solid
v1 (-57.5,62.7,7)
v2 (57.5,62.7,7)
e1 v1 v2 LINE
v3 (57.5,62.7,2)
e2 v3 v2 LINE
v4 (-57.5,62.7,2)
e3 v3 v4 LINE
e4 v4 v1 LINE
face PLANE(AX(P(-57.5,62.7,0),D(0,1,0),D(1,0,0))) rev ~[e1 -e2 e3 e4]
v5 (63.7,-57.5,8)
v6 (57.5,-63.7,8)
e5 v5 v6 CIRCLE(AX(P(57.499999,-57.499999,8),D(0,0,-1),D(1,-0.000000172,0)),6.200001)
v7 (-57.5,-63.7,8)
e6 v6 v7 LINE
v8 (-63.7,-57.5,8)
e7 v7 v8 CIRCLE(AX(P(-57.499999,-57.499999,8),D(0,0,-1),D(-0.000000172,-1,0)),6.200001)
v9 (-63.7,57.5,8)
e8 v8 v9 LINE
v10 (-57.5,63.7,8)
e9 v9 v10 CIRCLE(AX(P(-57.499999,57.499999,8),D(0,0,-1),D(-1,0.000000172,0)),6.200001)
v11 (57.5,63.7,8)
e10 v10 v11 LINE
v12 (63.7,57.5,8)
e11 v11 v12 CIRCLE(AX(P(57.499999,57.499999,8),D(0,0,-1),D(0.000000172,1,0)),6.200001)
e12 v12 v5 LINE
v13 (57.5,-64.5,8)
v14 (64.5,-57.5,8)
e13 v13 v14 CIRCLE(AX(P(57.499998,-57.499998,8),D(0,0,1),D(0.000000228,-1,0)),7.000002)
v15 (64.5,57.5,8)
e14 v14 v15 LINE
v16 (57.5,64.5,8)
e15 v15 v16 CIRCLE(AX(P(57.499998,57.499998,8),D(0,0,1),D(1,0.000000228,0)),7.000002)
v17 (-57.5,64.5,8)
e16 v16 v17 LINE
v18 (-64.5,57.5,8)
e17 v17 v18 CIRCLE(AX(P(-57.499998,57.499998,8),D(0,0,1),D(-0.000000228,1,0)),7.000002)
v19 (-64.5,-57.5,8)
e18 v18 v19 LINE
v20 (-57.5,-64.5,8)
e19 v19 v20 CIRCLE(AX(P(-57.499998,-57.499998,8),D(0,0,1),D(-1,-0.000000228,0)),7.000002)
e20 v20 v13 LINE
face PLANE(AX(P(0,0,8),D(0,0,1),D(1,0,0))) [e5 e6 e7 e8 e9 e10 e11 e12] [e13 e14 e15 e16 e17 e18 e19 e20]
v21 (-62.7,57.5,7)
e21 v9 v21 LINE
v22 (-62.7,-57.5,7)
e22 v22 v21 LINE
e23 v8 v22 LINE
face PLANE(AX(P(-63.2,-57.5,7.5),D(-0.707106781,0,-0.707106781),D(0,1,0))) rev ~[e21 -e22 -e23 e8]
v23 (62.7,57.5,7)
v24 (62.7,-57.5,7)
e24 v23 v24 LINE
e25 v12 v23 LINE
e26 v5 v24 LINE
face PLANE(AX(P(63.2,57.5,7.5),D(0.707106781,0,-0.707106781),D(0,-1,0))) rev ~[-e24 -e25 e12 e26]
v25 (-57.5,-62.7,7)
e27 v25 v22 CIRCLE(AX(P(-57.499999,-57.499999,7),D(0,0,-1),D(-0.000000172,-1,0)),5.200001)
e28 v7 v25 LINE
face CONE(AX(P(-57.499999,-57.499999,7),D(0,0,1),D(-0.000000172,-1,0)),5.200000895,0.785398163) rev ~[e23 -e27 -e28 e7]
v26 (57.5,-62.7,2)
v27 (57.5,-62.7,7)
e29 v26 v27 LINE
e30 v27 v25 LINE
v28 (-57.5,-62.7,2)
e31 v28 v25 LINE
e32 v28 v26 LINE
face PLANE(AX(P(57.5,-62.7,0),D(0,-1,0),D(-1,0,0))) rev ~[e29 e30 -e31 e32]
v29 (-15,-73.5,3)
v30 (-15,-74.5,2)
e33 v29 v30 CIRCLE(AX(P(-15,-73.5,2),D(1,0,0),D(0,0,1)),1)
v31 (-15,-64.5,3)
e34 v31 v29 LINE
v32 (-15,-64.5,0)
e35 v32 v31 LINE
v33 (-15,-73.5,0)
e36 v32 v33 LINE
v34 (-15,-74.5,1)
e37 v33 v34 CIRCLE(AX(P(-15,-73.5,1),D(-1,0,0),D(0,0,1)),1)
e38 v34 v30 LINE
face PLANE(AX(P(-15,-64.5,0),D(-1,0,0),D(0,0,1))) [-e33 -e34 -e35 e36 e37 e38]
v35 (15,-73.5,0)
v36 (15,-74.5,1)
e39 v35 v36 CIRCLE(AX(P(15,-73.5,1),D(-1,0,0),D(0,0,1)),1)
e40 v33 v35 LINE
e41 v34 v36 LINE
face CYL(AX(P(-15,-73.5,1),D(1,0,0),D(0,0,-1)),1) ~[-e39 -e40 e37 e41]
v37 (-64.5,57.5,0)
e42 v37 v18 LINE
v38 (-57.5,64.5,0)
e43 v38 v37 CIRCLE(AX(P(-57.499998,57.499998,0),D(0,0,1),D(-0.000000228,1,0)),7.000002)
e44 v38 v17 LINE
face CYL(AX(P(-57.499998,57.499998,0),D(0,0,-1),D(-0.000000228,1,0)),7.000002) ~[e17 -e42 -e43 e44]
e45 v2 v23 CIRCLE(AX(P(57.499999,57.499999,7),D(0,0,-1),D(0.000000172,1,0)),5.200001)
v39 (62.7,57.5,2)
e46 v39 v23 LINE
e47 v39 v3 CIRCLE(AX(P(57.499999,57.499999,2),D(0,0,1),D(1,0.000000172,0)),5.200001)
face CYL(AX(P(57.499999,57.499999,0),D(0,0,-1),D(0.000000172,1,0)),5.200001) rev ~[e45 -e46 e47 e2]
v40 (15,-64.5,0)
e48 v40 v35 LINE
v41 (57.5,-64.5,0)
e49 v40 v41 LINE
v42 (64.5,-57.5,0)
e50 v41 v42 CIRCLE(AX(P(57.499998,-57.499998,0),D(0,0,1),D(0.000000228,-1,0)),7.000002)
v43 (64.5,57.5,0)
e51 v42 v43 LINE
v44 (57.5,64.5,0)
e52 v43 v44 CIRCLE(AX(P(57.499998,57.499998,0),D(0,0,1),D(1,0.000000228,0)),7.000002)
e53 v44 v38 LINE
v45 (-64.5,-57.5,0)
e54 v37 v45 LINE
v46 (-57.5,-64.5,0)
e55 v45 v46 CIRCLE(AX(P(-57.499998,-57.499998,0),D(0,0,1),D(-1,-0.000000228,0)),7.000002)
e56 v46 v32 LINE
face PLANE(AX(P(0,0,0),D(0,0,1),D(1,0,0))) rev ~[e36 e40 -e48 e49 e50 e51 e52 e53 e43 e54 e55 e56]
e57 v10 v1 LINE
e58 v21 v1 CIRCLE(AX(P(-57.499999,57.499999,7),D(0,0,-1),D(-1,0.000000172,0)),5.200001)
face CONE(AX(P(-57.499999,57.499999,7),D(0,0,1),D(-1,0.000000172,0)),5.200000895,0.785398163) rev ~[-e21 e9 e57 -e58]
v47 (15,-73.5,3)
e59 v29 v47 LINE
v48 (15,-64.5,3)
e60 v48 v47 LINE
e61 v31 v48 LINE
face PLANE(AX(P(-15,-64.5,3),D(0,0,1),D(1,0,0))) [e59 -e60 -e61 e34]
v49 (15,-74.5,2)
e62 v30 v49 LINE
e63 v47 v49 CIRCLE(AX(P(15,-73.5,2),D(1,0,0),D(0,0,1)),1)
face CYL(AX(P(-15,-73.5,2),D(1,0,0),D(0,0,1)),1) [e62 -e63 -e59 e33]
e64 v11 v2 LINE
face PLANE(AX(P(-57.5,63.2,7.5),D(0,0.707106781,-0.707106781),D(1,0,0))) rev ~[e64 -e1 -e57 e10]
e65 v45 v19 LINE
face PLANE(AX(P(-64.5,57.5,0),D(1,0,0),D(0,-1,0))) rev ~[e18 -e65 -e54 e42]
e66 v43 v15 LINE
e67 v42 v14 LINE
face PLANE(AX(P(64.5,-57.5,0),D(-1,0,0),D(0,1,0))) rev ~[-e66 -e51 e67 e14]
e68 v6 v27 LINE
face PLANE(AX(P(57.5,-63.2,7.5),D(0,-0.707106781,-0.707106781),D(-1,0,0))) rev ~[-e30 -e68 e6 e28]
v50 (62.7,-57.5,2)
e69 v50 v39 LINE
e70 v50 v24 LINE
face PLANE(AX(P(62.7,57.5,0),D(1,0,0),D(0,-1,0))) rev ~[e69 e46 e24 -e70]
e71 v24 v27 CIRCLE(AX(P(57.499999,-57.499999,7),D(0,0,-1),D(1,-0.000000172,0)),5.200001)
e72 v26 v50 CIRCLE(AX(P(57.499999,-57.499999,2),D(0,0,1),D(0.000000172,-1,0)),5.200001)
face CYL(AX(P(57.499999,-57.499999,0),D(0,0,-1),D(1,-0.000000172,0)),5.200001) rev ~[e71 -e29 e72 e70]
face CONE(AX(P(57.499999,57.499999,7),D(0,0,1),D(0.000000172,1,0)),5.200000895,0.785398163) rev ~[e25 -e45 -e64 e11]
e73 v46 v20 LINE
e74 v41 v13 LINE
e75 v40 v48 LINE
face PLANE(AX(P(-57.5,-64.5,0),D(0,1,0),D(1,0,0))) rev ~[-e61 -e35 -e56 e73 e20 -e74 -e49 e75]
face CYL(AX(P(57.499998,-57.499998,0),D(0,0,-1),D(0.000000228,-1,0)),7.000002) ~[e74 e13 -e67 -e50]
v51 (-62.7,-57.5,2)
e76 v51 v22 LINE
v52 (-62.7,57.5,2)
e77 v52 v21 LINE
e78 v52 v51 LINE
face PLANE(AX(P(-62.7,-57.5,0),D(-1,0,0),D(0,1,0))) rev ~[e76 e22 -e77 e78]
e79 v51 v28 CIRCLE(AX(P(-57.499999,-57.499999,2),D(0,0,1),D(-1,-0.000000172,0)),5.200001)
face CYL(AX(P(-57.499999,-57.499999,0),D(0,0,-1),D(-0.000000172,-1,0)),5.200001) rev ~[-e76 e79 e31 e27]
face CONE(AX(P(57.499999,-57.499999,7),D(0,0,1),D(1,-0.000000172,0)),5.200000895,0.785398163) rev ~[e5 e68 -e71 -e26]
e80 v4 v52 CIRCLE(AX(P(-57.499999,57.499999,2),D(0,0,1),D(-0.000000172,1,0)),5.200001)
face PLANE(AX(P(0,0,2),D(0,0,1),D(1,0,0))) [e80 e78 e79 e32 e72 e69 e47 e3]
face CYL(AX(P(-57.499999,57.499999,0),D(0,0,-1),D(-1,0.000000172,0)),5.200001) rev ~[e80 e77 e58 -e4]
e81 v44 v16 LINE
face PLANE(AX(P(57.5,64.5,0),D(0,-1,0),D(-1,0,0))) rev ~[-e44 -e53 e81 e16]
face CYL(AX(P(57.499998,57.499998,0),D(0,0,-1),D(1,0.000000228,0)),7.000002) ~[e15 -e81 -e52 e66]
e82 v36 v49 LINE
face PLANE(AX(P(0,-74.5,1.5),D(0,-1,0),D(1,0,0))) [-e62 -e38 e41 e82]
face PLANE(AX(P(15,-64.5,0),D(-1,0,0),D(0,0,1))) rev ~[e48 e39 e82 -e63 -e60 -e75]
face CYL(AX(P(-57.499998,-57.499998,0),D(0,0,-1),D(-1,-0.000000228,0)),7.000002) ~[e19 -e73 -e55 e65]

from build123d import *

# Parameters (mm, degrees)
F1_DEPTH = 8
F2_DEPTH = 2
F3_W     = 30
F3_H     = 3
F4_DEPTH = 10
F5_R     = 1
F6_SIZE  = 1


with BuildPart() as f1:
    # F0 (on Top) → F1 (new body)
    with BuildSketch(Plane.XY):
        with BuildLine():
            Line((-57.5, -64.5), (57.5, -64.5))
            ThreePointArc((57.5, -64.5), (62.449747, -62.449747), (64.5, -57.5))
            Line((64.5, -57.5), (64.5, 57.5))
            ThreePointArc((64.5, 57.5), (62.449747, 62.449747), (57.5, 64.5))
            Line((57.5, 64.5), (-57.5, 64.5))
            ThreePointArc((-57.5, 64.5), (-62.449747, 62.449747), (-64.5, 57.5))
            Line((-64.5, 57.5), (-64.5, -57.5))
            ThreePointArc((-64.5, -57.5), (-62.449747, -62.449747), (-57.5, -64.5))
        make_face()
        with BuildLine():
            ThreePointArc((-57.5, -62.7), (-61.176955, -61.176955), (-62.7, -57.5))
            Line((-62.7, -57.5), (-62.7, 57.5))
            ThreePointArc((-62.7, 57.5), (-61.176955, 61.176955), (-57.5, 62.7))
            Line((-57.5, 62.7), (57.5, 62.7))
            ThreePointArc((57.5, 62.7), (61.176955, 61.176955), (62.7, 57.5))
            Line((62.7, 57.5), (62.7, -57.5))
            ThreePointArc((62.7, -57.5), (61.176955, -61.176955), (57.5, -62.7))
            Line((57.5, -62.7), (-57.5, -62.7))
        make_face(mode=Mode.SUBTRACT)
    extrude(amount=F1_DEPTH)

    # F0 (on Top) → F2 (join)
    with BuildSketch(Plane.XY):
        with BuildLine():
            Line((-62.7, 57.5), (-62.7, -57.5))
            ThreePointArc((-62.7, -57.5), (-61.176955, -61.176955), (-57.5, -62.7))
            Line((-57.5, -62.7), (57.5, -62.7))
            ThreePointArc((57.5, -62.7), (61.176955, -61.176955), (62.7, -57.5))
            Line((62.7, -57.5), (62.7, 57.5))
            ThreePointArc((62.7, 57.5), (61.176955, 61.176955), (57.5, 62.7))
            Line((57.5, 62.7), (-57.5, 62.7))
            ThreePointArc((-57.5, 62.7), (-61.176955, 61.176955), (-62.7, 57.5))
        make_face()
    extrude(amount=F2_DEPTH)

    # F3 (on face) → F4 (join)
    with BuildSketch(Plane.XZ.offset(64.5)):
        with Locations((0, 1.5)):
            Rectangle(F3_W, F3_H)
    extrude(amount=F4_DEPTH)

    # F5
    f5_edges = [f1.edges().sort_by_distance(p)[0] for p in [
        (0, -74.5, 0),
        (0, -74.5, 3),
    ]]
    fillet(f5_edges, radius=F5_R)

    # F6
    f6_edges = [f1.edges().sort_by_distance(p)[0] for p in [
        (0, 62.7, 8),
        (-61.176955, 61.176955, 8),
        (-62.7, 0, 8),
        (-61.176955, -61.176955, 8),
        (0, -62.7, 8),
        (61.176955, -61.176955, 8),
        (62.7, 0, 8),
        (61.176955, 61.176955, 8),
    ]]
    chamfer(f6_edges, length=F6_SIZE)


solid = f1.part
